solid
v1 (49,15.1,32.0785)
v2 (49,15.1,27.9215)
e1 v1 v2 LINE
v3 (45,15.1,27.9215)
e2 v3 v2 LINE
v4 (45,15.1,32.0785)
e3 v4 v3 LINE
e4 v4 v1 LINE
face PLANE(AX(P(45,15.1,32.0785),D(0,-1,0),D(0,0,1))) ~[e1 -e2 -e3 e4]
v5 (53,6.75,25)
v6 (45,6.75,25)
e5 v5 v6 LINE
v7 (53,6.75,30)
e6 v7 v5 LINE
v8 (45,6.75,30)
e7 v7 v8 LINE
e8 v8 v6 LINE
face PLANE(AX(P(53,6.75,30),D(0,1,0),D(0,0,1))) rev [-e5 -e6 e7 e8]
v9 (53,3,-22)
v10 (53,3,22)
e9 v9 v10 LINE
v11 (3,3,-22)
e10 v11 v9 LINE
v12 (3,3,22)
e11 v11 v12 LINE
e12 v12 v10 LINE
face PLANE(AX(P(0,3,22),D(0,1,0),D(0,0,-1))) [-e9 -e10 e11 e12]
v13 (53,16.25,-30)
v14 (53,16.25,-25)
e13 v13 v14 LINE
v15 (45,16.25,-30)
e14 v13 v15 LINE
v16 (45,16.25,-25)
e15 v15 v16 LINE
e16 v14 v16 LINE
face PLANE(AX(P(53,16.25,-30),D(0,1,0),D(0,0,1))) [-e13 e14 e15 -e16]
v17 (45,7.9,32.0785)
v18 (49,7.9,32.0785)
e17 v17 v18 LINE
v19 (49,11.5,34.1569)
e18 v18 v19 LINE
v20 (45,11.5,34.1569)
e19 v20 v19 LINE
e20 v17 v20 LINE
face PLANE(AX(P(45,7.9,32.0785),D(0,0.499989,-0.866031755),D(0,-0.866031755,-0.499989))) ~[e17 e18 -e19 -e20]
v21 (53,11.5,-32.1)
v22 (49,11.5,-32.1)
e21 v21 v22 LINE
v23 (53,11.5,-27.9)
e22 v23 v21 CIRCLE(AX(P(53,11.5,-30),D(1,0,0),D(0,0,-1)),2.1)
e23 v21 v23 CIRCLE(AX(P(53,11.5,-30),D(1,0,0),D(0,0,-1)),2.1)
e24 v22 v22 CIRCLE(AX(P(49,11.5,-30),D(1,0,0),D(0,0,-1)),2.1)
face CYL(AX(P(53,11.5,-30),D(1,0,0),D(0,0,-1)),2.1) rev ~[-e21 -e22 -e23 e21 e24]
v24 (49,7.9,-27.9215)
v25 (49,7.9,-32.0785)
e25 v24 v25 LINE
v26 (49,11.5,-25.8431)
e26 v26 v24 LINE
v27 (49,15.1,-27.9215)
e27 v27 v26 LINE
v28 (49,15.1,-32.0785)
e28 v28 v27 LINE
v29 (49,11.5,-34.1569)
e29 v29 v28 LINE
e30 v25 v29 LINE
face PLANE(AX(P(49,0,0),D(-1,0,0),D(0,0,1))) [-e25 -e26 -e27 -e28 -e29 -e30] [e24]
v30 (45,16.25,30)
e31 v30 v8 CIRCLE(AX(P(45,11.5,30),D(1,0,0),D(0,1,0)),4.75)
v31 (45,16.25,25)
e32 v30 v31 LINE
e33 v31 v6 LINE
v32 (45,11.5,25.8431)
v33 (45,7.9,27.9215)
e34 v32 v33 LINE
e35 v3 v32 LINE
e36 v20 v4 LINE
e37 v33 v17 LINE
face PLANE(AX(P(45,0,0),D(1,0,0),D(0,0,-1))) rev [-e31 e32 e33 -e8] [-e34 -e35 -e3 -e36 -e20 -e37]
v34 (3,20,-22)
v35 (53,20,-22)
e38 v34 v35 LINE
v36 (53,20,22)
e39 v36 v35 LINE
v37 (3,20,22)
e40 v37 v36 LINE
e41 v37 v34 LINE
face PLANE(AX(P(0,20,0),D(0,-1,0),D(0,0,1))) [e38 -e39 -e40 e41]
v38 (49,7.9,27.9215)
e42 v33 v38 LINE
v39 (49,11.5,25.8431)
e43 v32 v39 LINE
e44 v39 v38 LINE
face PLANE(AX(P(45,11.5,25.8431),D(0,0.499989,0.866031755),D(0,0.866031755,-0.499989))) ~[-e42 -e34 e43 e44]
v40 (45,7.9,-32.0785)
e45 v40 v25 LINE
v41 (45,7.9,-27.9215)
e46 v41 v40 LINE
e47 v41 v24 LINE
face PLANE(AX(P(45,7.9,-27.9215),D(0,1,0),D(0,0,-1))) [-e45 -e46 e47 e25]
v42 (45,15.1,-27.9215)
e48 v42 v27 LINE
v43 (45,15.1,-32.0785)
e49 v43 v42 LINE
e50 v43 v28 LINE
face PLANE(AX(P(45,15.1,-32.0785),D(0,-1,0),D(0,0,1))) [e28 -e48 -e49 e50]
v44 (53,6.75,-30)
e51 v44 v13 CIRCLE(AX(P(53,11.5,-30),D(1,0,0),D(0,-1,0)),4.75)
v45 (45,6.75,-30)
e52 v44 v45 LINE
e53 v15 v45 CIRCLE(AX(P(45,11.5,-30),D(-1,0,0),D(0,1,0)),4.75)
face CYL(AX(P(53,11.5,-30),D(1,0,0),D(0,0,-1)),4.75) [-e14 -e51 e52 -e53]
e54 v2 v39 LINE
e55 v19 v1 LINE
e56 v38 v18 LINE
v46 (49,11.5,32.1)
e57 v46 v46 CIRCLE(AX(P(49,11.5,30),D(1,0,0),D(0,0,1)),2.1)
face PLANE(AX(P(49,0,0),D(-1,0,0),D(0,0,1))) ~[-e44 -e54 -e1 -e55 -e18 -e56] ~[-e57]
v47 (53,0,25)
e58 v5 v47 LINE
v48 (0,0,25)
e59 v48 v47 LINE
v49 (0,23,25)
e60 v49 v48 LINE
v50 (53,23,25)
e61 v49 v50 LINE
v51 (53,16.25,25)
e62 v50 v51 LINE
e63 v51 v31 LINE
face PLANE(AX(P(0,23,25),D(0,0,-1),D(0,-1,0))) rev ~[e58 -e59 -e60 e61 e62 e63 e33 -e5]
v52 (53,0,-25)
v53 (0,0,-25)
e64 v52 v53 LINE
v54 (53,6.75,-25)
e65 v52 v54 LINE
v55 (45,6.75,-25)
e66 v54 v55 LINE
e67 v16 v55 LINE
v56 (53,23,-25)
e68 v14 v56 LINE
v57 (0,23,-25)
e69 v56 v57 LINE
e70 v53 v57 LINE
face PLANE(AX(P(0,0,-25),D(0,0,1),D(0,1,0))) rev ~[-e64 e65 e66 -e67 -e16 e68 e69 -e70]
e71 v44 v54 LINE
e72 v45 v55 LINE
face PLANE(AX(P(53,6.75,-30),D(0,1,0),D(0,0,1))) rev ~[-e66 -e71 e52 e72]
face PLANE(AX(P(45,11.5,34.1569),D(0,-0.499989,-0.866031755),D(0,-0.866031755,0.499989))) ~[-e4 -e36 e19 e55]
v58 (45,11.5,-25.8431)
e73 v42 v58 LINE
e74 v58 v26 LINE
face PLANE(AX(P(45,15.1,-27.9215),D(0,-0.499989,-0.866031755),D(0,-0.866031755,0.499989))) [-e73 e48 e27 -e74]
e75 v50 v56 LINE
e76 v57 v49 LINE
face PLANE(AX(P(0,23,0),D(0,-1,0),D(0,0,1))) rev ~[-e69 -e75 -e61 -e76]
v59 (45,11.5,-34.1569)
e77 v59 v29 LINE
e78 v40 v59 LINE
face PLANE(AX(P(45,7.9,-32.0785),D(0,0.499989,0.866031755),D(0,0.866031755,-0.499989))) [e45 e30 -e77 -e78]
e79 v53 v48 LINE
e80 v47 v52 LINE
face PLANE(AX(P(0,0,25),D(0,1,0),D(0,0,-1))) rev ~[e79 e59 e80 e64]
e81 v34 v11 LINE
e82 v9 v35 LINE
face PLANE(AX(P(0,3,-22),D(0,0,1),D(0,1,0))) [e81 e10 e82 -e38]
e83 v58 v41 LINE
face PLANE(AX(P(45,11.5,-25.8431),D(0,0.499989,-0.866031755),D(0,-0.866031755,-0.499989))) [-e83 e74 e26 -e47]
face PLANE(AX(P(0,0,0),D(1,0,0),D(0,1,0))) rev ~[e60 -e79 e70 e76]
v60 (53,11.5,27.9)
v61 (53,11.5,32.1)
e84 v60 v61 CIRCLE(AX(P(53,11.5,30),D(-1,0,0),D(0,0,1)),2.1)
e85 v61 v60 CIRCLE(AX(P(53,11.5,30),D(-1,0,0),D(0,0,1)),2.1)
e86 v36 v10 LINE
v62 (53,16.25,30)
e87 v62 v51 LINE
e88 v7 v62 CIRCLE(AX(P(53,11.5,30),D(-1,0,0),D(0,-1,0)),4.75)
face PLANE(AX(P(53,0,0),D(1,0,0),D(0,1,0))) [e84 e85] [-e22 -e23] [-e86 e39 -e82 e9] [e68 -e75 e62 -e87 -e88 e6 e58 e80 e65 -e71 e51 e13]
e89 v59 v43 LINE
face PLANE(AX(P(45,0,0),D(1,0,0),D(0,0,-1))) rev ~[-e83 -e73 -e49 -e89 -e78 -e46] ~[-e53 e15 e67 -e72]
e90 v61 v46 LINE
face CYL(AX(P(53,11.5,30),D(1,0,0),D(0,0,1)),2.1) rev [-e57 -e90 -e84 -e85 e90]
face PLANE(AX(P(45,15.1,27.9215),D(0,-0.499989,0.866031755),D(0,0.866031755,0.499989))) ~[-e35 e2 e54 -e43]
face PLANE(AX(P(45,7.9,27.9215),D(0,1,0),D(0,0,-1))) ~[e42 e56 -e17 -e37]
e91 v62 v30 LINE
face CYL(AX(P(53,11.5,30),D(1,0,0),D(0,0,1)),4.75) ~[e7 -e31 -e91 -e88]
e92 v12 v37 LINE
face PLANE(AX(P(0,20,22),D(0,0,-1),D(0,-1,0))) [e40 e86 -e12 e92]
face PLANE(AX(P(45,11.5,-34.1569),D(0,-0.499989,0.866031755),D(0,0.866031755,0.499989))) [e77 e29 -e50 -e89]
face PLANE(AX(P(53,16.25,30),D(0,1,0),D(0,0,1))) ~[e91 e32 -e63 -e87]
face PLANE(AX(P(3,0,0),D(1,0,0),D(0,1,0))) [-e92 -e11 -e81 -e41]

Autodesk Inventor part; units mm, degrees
ref_plane "YZ Plane" through (0, 0, 0) normal (1, 0, 0) x (0, 1, 0)
ref_plane "XZ Plane" through (0, 0, 0) normal (0, 1, 0) x (-1, 0, 0)
sketch "Sketch2" plane through (0, 0, 0) normal (1, 0, 0) x (0, 1, 0)
  line L0 (23, 25) -> (0, 25)
  line L1 (0, 25) -> (0, -25)
  line L2 (0, -25) -> (23, -25)
  line L3 (23, -25) -> (23, 25)
  line L4 (20, 22) -> (3, 22)
  line L5 (3, 22) -> (3, -22)
  line L6 (3, -22) -> (20, -22)
  line L7 (20, -22) -> (20, 22)
  line L8 (0, -35) -> (0, 35) projected
  line L9 (-4.6, 0) -> (27.6, 0) projected
  point P0 (0, 0)
  dimension "d8" = 50
  dimension "d9" = 23
  dimension "d10" = 3
  dimension "d11" = 3
  dimension "d12" = 3
  dimension "d13" = 17
extrude "Extrusion3" add sketch "Sketch2" along normal blind 3
extrude "Extrusion4" add sketch "Sketch2" along normal blind 53 contours L3 L9 L7 L4 L5 L1 L0 | L3 L2 L1 L9 L5 L6 L7
sketch "Sketch5" plane through (53, 0, 0) normal (1, 0, 0) x (0, 0, -1)
  line L0 (25, 0) -> (25, 23) projected
  line L1 (25, 23) -> (-25, 23) projected
  line L2 (-25, 23) -> (-25, 0) projected
  line L3 (-25, 0) -> (25, 0) projected
  line L4 (22, 3) -> (-22, 3) projected
  line L5 (-22, 3) -> (-22, 20) projected
  line L6 (-22, 20) -> (22, 20) projected
  line L7 (22, 20) -> (22, 3) projected
  line L8 (22, 11.5) -> (30, 11.5)
  line L9 (25, 0) -> (25, 23) projected
  circle A0 centre (30, 11.5) radius 4.75
  line L10 (30, 6.75) -> (25, 6.75)
  line L11 (30, 16.25) -> (25, 16.25)
  circle A1 centre (30, 11.5) radius 2.1
  point P0 (0, 0)
  point P1 (25, 6.75)
  dimension "d32" = 9.5
  dimension "d33" = 5
  dimension "d39" = 4.2
extrude "Extrusion7" add sketch "Sketch5" against normal blind 8 contours L0 L8 A0 L10 | L0 L11 A0 L8 | A0
sketch "Sketch6" plane through (45, 0, 0) normal (-1, 0, 0) x (0, 0, 1)
  line L0 (-30, 6.75) -> (-25, 6.75) projected
  line L1 (-25, 16.25) -> (-25, 6.75) projected
  line L2 (-25, 16.25) -> (-30, 16.25) projected
  arc A0 (-30, 16.25) -> (-30, 6.75) centre (-30, 11.5) ccw projected
  line L3 (-25.8431, 11.5) -> (-27.9215, 7.9)
  line L4 (-27.9215, 7.9) -> (-32.0785, 7.9)
  line L5 (-32.0785, 7.9) -> (-34.1569, 11.5)
  line L6 (-34.1569, 11.5) -> (-32.0785, 15.1)
  line L7 (-32.0785, 15.1) -> (-27.9215, 15.1)
  line L8 (-27.9215, 15.1) -> (-25.8431, 11.5)
  point P0 (0, 0)
  dimension "d36" = 7.2
extrude "Extrusion8" cut sketch "Sketch6" against normal blind 4 contours L3 L4 L5 L6 L7 L8
mirror "Mirror1" about plane through (0, 0, 0) normal (0, 0, 1) of "Extrusion7", "Extrusion8"
equation "\"d12\" = d11"
properties part number "pudelko_baza"
